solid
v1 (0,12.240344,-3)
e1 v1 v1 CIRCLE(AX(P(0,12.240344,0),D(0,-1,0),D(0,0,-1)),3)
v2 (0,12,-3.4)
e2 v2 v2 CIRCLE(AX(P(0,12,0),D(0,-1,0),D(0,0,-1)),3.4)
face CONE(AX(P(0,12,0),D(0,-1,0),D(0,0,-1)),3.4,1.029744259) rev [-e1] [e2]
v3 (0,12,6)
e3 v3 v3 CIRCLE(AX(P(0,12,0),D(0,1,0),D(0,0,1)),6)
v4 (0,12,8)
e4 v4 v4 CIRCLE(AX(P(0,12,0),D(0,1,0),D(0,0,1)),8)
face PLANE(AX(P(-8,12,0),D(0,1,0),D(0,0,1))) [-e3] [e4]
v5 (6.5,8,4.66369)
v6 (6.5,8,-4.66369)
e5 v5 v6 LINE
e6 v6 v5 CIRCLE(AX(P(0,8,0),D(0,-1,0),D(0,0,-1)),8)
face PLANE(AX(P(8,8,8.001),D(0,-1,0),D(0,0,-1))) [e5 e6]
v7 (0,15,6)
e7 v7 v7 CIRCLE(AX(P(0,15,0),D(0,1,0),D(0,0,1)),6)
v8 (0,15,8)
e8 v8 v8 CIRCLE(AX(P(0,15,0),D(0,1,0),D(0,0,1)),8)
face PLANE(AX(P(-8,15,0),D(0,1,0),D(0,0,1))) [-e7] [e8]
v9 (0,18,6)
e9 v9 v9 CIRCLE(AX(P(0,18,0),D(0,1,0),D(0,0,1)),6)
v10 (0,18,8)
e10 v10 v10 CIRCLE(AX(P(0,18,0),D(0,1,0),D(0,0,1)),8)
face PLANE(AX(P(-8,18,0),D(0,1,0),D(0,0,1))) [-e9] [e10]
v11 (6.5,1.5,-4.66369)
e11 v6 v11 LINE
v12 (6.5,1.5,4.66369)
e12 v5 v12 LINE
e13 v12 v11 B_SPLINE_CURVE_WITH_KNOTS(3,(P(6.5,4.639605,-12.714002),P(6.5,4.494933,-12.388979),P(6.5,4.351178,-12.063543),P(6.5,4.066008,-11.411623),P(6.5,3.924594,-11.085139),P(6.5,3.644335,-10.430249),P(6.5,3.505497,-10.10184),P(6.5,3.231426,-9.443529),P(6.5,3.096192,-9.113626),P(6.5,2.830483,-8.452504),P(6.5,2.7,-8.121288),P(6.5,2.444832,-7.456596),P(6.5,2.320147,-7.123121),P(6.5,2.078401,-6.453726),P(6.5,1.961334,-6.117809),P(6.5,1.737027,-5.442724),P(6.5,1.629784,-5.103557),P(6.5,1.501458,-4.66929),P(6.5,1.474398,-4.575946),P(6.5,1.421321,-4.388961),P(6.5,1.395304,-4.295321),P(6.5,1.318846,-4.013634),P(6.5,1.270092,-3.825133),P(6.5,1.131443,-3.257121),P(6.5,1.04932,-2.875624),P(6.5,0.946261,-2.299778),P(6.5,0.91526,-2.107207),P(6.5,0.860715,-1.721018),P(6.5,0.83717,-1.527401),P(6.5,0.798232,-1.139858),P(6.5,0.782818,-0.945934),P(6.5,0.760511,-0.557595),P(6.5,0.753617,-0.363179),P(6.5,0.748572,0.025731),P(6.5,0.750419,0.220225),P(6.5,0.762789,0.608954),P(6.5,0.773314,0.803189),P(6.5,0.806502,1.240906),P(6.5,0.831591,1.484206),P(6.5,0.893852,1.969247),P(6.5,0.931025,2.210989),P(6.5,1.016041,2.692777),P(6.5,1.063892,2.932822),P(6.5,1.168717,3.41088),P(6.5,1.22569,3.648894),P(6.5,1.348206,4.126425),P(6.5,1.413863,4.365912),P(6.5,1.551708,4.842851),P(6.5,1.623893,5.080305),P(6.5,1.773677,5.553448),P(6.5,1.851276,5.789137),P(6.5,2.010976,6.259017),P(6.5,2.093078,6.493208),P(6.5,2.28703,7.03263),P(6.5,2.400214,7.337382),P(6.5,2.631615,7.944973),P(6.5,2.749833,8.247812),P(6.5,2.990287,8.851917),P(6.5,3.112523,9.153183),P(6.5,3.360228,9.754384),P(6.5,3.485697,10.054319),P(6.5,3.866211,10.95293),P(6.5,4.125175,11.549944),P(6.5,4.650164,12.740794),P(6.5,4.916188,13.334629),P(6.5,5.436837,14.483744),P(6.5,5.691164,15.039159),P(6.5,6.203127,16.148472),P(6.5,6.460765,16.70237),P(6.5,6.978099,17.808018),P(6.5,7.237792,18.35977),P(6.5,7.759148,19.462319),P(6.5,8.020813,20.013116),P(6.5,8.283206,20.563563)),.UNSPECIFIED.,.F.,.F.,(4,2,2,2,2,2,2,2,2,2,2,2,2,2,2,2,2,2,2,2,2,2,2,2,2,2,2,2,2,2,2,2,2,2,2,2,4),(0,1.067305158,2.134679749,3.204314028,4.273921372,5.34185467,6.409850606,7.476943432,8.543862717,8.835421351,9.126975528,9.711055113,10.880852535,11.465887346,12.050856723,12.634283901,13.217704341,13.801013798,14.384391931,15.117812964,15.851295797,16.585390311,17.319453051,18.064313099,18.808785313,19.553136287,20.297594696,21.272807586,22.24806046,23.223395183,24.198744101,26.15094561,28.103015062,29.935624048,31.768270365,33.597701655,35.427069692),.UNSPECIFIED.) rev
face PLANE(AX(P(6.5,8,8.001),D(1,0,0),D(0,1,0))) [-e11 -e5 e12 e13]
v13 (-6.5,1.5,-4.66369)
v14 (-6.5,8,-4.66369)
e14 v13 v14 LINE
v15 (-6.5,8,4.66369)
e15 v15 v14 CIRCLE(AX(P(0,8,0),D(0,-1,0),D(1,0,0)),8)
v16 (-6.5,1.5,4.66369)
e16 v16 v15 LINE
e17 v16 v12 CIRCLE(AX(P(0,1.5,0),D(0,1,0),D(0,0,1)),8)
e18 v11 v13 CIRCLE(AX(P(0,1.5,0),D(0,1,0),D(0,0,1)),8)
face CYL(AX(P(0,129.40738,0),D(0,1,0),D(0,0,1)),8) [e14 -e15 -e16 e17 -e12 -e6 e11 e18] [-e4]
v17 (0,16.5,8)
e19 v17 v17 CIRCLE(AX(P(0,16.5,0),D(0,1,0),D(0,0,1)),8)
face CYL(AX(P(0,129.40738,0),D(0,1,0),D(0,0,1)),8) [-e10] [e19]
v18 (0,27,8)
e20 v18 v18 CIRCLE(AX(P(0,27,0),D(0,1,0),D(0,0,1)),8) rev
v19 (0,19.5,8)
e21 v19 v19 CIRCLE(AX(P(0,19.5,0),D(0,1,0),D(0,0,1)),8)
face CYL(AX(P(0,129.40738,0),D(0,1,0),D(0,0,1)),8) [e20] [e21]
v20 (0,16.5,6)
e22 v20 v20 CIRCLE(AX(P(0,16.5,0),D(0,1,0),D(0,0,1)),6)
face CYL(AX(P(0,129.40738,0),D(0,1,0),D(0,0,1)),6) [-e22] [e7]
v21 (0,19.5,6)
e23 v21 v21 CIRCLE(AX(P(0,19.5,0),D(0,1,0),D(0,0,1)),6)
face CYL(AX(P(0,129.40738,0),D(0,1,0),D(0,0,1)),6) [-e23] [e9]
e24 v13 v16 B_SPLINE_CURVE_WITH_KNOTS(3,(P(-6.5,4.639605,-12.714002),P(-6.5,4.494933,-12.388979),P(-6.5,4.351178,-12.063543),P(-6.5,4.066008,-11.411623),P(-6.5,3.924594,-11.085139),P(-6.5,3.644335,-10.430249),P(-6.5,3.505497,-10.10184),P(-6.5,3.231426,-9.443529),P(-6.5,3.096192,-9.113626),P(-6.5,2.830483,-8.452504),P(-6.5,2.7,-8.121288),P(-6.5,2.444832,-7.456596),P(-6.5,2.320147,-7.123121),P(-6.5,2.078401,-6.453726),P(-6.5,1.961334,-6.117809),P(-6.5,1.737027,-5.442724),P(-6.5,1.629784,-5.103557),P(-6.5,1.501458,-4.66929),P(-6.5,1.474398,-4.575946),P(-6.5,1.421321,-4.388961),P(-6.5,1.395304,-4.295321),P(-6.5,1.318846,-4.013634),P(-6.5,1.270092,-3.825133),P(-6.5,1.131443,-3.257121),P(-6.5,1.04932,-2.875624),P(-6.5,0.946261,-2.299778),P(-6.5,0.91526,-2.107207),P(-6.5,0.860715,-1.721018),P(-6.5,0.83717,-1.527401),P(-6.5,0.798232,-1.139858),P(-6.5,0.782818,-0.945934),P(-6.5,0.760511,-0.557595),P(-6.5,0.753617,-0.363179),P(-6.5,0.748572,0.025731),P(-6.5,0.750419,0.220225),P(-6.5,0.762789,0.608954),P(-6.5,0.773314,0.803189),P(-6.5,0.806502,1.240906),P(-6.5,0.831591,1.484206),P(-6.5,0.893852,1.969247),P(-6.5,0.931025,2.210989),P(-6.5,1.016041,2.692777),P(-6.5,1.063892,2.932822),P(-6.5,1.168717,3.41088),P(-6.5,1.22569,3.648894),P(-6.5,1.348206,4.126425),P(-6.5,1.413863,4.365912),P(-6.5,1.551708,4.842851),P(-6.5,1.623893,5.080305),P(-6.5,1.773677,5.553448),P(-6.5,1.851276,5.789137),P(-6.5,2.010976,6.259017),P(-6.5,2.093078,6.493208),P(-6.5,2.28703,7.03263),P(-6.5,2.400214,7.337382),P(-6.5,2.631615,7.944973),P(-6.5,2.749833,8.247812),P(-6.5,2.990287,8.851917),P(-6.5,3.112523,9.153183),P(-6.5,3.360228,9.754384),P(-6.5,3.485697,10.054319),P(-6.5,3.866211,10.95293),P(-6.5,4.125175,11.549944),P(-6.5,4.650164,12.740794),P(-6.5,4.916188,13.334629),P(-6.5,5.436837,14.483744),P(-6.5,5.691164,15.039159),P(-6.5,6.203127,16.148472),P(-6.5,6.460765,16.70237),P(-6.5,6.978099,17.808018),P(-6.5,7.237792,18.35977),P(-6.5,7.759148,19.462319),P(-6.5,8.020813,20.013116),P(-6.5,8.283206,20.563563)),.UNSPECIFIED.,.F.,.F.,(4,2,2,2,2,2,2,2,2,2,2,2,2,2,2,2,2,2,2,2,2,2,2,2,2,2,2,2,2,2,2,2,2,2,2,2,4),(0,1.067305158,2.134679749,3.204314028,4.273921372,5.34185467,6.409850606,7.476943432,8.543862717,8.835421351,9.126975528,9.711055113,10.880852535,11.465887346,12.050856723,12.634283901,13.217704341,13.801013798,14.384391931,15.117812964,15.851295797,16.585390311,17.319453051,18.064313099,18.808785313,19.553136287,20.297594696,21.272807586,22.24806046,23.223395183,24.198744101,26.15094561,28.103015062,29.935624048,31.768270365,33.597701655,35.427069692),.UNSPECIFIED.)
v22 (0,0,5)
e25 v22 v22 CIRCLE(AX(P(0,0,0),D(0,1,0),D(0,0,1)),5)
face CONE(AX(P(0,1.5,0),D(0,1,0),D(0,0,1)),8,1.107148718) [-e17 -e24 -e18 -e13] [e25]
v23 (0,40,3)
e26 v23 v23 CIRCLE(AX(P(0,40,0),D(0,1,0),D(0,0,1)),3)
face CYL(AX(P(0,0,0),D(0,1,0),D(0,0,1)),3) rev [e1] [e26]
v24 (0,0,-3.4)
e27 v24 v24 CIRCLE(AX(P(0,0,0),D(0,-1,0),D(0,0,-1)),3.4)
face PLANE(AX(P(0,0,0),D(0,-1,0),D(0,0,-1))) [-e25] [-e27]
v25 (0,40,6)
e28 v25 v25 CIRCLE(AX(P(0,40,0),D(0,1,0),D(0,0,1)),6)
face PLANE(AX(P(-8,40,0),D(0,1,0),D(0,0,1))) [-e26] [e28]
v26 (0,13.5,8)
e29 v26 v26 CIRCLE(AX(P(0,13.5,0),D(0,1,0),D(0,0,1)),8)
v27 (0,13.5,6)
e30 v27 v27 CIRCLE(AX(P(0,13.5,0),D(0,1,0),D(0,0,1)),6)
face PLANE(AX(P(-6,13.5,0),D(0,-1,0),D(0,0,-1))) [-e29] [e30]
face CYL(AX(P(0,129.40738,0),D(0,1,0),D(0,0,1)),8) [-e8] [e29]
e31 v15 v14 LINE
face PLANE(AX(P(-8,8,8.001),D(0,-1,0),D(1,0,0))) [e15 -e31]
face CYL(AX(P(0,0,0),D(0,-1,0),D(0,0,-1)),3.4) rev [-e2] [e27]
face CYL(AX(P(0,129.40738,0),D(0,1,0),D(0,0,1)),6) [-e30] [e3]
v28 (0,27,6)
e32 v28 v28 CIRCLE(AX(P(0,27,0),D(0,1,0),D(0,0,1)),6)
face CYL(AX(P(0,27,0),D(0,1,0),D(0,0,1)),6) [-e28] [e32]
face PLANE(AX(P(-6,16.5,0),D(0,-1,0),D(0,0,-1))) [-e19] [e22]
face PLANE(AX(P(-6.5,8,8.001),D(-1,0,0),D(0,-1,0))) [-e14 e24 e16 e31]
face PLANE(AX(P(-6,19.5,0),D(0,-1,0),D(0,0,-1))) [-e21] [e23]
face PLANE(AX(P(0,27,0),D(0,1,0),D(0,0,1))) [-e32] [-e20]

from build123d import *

# Parameters (mm, degrees)
TAGLIO_ESTRUSIONE1_REACH             = 10
SCHIZZO2_W                           = 1.5
SCHIZZO2_H                           = 8
TAGLIO_ESTRUSIONE1_DIRECTION_2_REACH = 10
SCHIZZO7_R                           = 3
TAGLIO_ESTRUSIONE2_DEPTH             = 41
FORO_FILETTATO_M8_1_D                = 6.8
FORO_FILETTATO_M8_1_DEPTH            = 12
FORO_FILETTATO_M8_1_TIP              = 2.042926105
SCHIZZO10_OUTSIDE_W                  = 27.192
SCHIZZO10_OUTSIDE_H                  = 27.192
SCHIZZO10_OUTSIDE_R                  = 6
TAGLIO_ESTRUSIONE3_DEPTH             = 13


with BuildPart() as part:
    # Schizzo1 → Rivoluzione1 (revolve)
    with BuildSketch(Plane.XY):
        Polygon((0, 0), (-5, 0), (-8, 1.5), (-8, 12), (-6, 12), (-6, 13.5), (-8, 13.5), (-8, 15), (-6, 15), (-6, 16.5), (-8, 16.5), (-8, 18), (-6, 18), (-6, 19.5), (-8, 19.5), (-8, 27), (-8, 40), (0, 40), align=None)
    revolve(axis=Axis((0, 129.407380346, 0), (0, -1, 0)))

    # Schizzo2 → Taglio-Estrusione1 (cut, up to next)
    with BuildSketch(Plane.XY, mode=Mode.PRIVATE) as taglio_estrusione1_sk1:
        with Locations((-7.25, 4)):
            Rectangle(SCHIZZO2_W, SCHIZZO2_H)
    taglio_estrusione1_tool1 = extrude(taglio_estrusione1_sk1.sketch, amount=-TAGLIO_ESTRUSIONE1_REACH, mode=Mode.PRIVATE) & part.part
    add(taglio_estrusione1_tool1.solids().sort_by_distance((-7.25, 4, 0))[0], mode=Mode.SUBTRACT)
    # Schizzo2 → Taglio-Estrusione1 (cut, up to next)
    with BuildSketch(Plane.XY, mode=Mode.PRIVATE) as taglio_estrusione1_sk2:
        with Locations((7.25, 4)):
            Rectangle(SCHIZZO2_W, SCHIZZO2_H)
    taglio_estrusione1_tool2 = extrude(taglio_estrusione1_sk2.sketch, amount=-TAGLIO_ESTRUSIONE1_REACH, mode=Mode.PRIVATE) & part.part
    add(taglio_estrusione1_tool2.solids().sort_by_distance((7.25, 4, 0))[0], mode=Mode.SUBTRACT)

    # Schizzo2 → Taglio-Estrusione1 direction 2 (cut, up to next)
    with BuildSketch(Plane.XY, mode=Mode.PRIVATE) as taglio_estrusione1_direction_2_sk1:
        with Locations((-7.25, 4)):
            Rectangle(SCHIZZO2_W, SCHIZZO2_H)
    taglio_estrusione1_direction_2_tool1 = extrude(taglio_estrusione1_direction_2_sk1.sketch, amount=TAGLIO_ESTRUSIONE1_DIRECTION_2_REACH, mode=Mode.PRIVATE) & part.part
    add(taglio_estrusione1_direction_2_tool1.solids().sort_by_distance((-7.25, 4, 0))[0], mode=Mode.SUBTRACT)
    # Schizzo2 → Taglio-Estrusione1 direction 2 (cut, up to next)
    with BuildSketch(Plane.XY, mode=Mode.PRIVATE) as taglio_estrusione1_direction_2_sk2:
        with Locations((7.25, 4)):
            Rectangle(SCHIZZO2_W, SCHIZZO2_H)
    taglio_estrusione1_direction_2_tool2 = extrude(taglio_estrusione1_direction_2_sk2.sketch, amount=TAGLIO_ESTRUSIONE1_DIRECTION_2_REACH, mode=Mode.PRIVATE) & part.part
    add(taglio_estrusione1_direction_2_tool2.solids().sort_by_distance((7.25, 4, 0))[0], mode=Mode.SUBTRACT)

    # Schizzo7 → Taglio-Estrusione2 (cut, through all)
    with BuildSketch(Plane(origin=(0, 40, 0), x_dir=(1, 0, 0), z_dir=(0, 1, 0))):
        Circle(SCHIZZO7_R)
    extrude(amount=-TAGLIO_ESTRUSIONE2_DEPTH, mode=Mode.SUBTRACT)

    # Foro filettato M8-1
    with Locations(Plane(origin=(0, 0, 0), x_dir=(-1, 0, 0), z_dir=(0, -1, 0))):
        with Locations((0, 0)):
            Hole(FORO_FILETTATO_M8_1_D / 2, depth=FORO_FILETTATO_M8_1_DEPTH)
            with Locations((0, 0, -(FORO_FILETTATO_M8_1_DEPTH + FORO_FILETTATO_M8_1_TIP / 2))):  # 118° drill point
                Cone(0, FORO_FILETTATO_M8_1_D / 2, FORO_FILETTATO_M8_1_TIP, mode=Mode.SUBTRACT)

    # Schizzo10 outside → Taglio-Estrusione3 (cut)
    with BuildSketch(Plane(origin=(0, 40, 0), x_dir=(1, 0, 0), z_dir=(0, 1, 0))):
        Rectangle(SCHIZZO10_OUTSIDE_W, SCHIZZO10_OUTSIDE_H)
        Circle(SCHIZZO10_OUTSIDE_R, mode=Mode.SUBTRACT)
    extrude(amount=-TAGLIO_ESTRUSIONE3_DEPTH, mode=Mode.SUBTRACT)


solid = part.part
